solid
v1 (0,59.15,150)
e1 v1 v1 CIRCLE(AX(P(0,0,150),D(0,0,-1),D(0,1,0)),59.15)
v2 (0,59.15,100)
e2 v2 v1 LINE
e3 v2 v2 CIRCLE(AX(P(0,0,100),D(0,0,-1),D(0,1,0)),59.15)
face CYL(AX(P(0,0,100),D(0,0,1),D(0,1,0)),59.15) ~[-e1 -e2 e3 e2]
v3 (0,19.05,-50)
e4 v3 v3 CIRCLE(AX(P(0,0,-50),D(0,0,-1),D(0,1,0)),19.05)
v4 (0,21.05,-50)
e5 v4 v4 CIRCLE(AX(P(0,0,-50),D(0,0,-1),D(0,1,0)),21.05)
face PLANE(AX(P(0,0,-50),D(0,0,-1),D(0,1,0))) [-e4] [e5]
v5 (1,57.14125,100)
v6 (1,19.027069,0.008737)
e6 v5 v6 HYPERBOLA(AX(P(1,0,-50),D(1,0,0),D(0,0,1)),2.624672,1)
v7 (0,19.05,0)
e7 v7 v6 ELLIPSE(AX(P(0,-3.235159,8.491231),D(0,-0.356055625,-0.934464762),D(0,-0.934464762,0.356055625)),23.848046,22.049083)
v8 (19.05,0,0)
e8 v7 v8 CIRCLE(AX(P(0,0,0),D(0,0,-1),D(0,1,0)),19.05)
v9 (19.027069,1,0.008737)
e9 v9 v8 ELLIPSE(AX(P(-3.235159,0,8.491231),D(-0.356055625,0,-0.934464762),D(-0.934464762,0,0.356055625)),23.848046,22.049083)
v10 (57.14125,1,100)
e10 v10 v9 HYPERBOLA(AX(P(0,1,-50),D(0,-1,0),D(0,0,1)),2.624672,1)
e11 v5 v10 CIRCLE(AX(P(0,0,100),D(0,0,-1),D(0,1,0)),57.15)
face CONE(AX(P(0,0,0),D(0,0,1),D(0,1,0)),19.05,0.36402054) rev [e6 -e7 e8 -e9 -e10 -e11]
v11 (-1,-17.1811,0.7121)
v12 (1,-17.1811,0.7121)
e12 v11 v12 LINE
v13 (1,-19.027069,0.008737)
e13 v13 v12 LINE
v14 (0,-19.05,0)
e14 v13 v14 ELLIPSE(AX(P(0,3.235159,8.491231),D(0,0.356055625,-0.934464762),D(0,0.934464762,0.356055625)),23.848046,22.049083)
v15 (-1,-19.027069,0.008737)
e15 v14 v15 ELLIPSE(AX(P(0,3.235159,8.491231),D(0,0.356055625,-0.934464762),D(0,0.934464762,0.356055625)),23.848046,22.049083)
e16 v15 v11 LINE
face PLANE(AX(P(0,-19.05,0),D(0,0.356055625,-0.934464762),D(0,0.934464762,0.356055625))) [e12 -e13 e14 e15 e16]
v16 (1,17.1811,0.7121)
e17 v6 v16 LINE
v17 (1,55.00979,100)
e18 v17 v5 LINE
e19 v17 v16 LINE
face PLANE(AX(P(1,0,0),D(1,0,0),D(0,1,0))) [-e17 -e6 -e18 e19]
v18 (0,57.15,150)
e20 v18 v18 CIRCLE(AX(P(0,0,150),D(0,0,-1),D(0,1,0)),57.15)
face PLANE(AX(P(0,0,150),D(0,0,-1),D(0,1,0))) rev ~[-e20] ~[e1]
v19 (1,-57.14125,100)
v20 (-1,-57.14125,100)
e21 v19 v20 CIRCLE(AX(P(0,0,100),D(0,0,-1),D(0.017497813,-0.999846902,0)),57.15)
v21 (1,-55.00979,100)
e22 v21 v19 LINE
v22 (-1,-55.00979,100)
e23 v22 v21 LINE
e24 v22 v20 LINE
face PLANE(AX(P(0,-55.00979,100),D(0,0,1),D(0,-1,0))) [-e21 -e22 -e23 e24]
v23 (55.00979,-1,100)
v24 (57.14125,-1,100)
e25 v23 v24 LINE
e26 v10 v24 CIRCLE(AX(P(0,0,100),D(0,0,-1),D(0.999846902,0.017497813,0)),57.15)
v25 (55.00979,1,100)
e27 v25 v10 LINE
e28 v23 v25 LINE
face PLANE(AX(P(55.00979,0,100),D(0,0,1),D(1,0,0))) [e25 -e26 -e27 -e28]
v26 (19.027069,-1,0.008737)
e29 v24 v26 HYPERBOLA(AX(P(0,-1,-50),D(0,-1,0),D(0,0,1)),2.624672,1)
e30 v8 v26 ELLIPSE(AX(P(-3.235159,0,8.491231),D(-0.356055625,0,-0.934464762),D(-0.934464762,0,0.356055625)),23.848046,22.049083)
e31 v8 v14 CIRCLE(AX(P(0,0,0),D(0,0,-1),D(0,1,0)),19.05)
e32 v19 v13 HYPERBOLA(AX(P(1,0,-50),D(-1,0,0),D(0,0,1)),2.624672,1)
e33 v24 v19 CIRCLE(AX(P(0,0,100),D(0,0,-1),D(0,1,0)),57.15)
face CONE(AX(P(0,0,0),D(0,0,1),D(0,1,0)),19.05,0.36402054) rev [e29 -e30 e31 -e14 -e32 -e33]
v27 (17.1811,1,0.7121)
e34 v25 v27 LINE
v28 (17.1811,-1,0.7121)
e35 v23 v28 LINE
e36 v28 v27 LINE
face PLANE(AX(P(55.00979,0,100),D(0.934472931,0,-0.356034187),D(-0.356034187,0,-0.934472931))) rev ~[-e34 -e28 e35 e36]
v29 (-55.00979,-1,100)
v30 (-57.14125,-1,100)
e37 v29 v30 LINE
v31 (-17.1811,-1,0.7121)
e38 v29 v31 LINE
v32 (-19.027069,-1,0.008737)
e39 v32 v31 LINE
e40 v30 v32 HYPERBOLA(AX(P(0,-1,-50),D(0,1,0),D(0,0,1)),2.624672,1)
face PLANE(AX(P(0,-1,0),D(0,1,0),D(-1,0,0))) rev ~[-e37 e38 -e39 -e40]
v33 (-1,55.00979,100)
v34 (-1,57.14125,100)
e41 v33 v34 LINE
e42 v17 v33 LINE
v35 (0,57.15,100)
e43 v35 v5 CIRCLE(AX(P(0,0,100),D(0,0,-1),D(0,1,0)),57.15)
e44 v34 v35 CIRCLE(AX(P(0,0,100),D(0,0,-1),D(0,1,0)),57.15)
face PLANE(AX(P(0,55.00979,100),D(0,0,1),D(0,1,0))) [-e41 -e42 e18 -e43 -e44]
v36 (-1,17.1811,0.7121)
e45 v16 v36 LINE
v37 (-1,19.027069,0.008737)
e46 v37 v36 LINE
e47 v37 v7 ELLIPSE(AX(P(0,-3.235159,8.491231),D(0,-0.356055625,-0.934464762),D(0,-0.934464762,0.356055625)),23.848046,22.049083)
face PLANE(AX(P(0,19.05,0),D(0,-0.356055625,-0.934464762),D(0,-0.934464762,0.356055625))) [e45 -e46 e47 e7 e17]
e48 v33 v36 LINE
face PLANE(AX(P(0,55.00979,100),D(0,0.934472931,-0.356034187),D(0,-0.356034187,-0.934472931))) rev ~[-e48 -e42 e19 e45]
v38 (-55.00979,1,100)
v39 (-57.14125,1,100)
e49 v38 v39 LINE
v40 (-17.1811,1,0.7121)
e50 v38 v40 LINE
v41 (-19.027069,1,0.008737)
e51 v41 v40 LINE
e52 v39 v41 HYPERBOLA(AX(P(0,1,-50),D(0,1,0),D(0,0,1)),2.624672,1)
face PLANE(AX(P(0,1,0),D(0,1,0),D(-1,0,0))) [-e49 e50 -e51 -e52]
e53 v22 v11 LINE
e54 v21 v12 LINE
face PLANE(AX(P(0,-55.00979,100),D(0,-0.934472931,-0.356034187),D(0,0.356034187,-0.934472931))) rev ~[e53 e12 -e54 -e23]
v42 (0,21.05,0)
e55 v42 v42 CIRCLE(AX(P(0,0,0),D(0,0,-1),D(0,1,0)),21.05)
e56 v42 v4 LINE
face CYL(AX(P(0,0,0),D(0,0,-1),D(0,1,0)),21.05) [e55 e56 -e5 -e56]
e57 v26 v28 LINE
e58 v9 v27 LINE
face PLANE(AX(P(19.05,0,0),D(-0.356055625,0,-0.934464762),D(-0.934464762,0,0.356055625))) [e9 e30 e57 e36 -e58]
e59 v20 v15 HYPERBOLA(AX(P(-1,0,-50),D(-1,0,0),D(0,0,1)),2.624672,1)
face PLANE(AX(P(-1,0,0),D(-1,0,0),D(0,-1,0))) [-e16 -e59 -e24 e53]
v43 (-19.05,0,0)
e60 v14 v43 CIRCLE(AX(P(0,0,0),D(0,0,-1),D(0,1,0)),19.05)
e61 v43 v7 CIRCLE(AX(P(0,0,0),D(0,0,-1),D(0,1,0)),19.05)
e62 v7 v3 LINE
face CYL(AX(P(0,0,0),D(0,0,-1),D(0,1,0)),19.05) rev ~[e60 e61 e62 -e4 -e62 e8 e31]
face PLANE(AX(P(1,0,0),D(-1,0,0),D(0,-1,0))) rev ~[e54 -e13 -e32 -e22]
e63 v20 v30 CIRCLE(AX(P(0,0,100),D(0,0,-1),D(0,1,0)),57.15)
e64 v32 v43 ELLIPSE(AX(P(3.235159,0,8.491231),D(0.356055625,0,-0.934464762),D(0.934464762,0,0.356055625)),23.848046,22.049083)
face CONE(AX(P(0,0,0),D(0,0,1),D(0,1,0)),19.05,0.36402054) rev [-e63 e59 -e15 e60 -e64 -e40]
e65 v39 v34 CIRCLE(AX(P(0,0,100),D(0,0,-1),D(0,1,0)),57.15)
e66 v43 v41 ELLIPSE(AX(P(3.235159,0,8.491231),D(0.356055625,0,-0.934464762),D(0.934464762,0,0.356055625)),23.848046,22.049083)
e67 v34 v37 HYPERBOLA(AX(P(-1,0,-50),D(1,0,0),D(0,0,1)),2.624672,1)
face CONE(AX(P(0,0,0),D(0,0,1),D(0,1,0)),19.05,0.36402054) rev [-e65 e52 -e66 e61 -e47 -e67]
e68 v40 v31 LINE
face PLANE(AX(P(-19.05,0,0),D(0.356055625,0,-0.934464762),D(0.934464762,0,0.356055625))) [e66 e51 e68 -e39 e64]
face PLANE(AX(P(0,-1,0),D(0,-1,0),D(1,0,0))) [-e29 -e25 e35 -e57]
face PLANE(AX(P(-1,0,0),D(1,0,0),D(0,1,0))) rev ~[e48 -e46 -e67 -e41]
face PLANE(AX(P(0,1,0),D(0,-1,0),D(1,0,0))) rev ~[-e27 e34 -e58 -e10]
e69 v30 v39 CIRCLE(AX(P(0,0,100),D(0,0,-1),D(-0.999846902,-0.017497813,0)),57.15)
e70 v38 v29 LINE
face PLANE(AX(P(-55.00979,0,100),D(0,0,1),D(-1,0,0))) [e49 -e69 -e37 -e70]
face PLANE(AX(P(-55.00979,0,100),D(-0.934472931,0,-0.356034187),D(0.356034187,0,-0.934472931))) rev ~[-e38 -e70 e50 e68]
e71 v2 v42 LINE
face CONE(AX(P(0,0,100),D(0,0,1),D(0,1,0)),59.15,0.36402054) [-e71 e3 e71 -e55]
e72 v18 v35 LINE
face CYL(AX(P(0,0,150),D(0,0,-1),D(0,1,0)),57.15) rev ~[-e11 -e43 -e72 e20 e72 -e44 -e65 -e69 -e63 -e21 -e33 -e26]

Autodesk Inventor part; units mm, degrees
ref_plane "YZ Plane" through (0, 0, 0) normal (1, 0, 0) x (0, 1, 0)
ref_plane "XZ Plane" through (0, 0, 0) normal (0, 1, 0) x (-1, 0, 0)
ref_plane "XY Plane" through (0, 0, 0) normal (0, 0, 1) x (1, 0, 0)
sketch "Sketch1" plane through (0, 0, 0) normal (1, 0, 0) x (0, 1, 0)
  line L0 (0, 0) -> (19.05, 0)
  line L1 (19.05, 0) -> (57.15, 100)
  line L2 (57.15, 100) -> (0, 100)
  line L3 (0, 100) -> (0, 0)
  line L4 (0, 0) -> (21.05, 0)
  line L5 (0, 100) -> (59.15, 100)
  line L6 (59.15, 100) -> (21.05, 0)
  line L7 (19.05, 0) -> (19.05, -50)
  line L8 (21.05, 0) -> (21.05, -50)
  line L9 (21.05, -50) -> (19.05, -50)
  line L10 (59.15, 100) -> (59.15, 150)
  line L11 (59.15, 150) -> (57.15, 150)
  line L12 (57.15, 150) -> (57.15, 100)
  dimension "d0" = 19.05
  dimension "d1" = 100
  dimension "d2" = 57.15
  dimension "d3" = 21.05
  dimension "d4" = 59.15
  dimension "d5" = 50
  dimension "d6" = 50
revolve "Revolution1" add sketch "Sketch1" angle 360 about axis through (0, 0, 100) along (0, 0, -1) contours L1 L5 L6 L4 | L4 L8 L9 L7 | L12 L11 L10 L5
sketch "Sketch2" plane through (0, 0, 0) normal (1, 0, 0) x (0, 1, 0)
  line L0 (19.05, 0) -> (57.15, 100) projected
  line L1 (59.15, 100) -> (21.05, 0) projected
  line L2 (57.15, 100) -> (19.05, 0) construction
  line L3 (55.2811, 100.7121) -> (17.1811, 0.7121)
  line L4 (20.9189, -0.7121) -> (59.0189, 99.2879)
  arc A0 (59.0189, 99.2879) -> (55.2811, 100.7121) centre (57.15, 100) ccw
  arc A1 (17.1811, 0.7121) -> (20.9189, -0.7121) centre (19.05, 0) ccw
  line L5 (-57.15, 100) -> (57.15, 100) projected
  line L6 (57.15, 100) -> (55.2811, 100.7121)
  line L7 (-19.05, 0) -> (19.05, 0) projected
  line L8 (19.05, 0) -> (17.1811, 0.7121)
  point P0 (0, 0)
  point P1 (38.1, 50)
  point P2 (55.0098, 100)
  dimension "d8" = 4
extrude "Extrusion1" add sketch "Sketch2" along normal mid plane 2 contours L8 L3 L5 L0
pattern_circular "Circular Pattern1" count 4 over 360 about axis through (0, 0, 125) along (0, 0, -1) of "Extrusion1"
properties part number "4.5 to 1.5 inch reducer"
